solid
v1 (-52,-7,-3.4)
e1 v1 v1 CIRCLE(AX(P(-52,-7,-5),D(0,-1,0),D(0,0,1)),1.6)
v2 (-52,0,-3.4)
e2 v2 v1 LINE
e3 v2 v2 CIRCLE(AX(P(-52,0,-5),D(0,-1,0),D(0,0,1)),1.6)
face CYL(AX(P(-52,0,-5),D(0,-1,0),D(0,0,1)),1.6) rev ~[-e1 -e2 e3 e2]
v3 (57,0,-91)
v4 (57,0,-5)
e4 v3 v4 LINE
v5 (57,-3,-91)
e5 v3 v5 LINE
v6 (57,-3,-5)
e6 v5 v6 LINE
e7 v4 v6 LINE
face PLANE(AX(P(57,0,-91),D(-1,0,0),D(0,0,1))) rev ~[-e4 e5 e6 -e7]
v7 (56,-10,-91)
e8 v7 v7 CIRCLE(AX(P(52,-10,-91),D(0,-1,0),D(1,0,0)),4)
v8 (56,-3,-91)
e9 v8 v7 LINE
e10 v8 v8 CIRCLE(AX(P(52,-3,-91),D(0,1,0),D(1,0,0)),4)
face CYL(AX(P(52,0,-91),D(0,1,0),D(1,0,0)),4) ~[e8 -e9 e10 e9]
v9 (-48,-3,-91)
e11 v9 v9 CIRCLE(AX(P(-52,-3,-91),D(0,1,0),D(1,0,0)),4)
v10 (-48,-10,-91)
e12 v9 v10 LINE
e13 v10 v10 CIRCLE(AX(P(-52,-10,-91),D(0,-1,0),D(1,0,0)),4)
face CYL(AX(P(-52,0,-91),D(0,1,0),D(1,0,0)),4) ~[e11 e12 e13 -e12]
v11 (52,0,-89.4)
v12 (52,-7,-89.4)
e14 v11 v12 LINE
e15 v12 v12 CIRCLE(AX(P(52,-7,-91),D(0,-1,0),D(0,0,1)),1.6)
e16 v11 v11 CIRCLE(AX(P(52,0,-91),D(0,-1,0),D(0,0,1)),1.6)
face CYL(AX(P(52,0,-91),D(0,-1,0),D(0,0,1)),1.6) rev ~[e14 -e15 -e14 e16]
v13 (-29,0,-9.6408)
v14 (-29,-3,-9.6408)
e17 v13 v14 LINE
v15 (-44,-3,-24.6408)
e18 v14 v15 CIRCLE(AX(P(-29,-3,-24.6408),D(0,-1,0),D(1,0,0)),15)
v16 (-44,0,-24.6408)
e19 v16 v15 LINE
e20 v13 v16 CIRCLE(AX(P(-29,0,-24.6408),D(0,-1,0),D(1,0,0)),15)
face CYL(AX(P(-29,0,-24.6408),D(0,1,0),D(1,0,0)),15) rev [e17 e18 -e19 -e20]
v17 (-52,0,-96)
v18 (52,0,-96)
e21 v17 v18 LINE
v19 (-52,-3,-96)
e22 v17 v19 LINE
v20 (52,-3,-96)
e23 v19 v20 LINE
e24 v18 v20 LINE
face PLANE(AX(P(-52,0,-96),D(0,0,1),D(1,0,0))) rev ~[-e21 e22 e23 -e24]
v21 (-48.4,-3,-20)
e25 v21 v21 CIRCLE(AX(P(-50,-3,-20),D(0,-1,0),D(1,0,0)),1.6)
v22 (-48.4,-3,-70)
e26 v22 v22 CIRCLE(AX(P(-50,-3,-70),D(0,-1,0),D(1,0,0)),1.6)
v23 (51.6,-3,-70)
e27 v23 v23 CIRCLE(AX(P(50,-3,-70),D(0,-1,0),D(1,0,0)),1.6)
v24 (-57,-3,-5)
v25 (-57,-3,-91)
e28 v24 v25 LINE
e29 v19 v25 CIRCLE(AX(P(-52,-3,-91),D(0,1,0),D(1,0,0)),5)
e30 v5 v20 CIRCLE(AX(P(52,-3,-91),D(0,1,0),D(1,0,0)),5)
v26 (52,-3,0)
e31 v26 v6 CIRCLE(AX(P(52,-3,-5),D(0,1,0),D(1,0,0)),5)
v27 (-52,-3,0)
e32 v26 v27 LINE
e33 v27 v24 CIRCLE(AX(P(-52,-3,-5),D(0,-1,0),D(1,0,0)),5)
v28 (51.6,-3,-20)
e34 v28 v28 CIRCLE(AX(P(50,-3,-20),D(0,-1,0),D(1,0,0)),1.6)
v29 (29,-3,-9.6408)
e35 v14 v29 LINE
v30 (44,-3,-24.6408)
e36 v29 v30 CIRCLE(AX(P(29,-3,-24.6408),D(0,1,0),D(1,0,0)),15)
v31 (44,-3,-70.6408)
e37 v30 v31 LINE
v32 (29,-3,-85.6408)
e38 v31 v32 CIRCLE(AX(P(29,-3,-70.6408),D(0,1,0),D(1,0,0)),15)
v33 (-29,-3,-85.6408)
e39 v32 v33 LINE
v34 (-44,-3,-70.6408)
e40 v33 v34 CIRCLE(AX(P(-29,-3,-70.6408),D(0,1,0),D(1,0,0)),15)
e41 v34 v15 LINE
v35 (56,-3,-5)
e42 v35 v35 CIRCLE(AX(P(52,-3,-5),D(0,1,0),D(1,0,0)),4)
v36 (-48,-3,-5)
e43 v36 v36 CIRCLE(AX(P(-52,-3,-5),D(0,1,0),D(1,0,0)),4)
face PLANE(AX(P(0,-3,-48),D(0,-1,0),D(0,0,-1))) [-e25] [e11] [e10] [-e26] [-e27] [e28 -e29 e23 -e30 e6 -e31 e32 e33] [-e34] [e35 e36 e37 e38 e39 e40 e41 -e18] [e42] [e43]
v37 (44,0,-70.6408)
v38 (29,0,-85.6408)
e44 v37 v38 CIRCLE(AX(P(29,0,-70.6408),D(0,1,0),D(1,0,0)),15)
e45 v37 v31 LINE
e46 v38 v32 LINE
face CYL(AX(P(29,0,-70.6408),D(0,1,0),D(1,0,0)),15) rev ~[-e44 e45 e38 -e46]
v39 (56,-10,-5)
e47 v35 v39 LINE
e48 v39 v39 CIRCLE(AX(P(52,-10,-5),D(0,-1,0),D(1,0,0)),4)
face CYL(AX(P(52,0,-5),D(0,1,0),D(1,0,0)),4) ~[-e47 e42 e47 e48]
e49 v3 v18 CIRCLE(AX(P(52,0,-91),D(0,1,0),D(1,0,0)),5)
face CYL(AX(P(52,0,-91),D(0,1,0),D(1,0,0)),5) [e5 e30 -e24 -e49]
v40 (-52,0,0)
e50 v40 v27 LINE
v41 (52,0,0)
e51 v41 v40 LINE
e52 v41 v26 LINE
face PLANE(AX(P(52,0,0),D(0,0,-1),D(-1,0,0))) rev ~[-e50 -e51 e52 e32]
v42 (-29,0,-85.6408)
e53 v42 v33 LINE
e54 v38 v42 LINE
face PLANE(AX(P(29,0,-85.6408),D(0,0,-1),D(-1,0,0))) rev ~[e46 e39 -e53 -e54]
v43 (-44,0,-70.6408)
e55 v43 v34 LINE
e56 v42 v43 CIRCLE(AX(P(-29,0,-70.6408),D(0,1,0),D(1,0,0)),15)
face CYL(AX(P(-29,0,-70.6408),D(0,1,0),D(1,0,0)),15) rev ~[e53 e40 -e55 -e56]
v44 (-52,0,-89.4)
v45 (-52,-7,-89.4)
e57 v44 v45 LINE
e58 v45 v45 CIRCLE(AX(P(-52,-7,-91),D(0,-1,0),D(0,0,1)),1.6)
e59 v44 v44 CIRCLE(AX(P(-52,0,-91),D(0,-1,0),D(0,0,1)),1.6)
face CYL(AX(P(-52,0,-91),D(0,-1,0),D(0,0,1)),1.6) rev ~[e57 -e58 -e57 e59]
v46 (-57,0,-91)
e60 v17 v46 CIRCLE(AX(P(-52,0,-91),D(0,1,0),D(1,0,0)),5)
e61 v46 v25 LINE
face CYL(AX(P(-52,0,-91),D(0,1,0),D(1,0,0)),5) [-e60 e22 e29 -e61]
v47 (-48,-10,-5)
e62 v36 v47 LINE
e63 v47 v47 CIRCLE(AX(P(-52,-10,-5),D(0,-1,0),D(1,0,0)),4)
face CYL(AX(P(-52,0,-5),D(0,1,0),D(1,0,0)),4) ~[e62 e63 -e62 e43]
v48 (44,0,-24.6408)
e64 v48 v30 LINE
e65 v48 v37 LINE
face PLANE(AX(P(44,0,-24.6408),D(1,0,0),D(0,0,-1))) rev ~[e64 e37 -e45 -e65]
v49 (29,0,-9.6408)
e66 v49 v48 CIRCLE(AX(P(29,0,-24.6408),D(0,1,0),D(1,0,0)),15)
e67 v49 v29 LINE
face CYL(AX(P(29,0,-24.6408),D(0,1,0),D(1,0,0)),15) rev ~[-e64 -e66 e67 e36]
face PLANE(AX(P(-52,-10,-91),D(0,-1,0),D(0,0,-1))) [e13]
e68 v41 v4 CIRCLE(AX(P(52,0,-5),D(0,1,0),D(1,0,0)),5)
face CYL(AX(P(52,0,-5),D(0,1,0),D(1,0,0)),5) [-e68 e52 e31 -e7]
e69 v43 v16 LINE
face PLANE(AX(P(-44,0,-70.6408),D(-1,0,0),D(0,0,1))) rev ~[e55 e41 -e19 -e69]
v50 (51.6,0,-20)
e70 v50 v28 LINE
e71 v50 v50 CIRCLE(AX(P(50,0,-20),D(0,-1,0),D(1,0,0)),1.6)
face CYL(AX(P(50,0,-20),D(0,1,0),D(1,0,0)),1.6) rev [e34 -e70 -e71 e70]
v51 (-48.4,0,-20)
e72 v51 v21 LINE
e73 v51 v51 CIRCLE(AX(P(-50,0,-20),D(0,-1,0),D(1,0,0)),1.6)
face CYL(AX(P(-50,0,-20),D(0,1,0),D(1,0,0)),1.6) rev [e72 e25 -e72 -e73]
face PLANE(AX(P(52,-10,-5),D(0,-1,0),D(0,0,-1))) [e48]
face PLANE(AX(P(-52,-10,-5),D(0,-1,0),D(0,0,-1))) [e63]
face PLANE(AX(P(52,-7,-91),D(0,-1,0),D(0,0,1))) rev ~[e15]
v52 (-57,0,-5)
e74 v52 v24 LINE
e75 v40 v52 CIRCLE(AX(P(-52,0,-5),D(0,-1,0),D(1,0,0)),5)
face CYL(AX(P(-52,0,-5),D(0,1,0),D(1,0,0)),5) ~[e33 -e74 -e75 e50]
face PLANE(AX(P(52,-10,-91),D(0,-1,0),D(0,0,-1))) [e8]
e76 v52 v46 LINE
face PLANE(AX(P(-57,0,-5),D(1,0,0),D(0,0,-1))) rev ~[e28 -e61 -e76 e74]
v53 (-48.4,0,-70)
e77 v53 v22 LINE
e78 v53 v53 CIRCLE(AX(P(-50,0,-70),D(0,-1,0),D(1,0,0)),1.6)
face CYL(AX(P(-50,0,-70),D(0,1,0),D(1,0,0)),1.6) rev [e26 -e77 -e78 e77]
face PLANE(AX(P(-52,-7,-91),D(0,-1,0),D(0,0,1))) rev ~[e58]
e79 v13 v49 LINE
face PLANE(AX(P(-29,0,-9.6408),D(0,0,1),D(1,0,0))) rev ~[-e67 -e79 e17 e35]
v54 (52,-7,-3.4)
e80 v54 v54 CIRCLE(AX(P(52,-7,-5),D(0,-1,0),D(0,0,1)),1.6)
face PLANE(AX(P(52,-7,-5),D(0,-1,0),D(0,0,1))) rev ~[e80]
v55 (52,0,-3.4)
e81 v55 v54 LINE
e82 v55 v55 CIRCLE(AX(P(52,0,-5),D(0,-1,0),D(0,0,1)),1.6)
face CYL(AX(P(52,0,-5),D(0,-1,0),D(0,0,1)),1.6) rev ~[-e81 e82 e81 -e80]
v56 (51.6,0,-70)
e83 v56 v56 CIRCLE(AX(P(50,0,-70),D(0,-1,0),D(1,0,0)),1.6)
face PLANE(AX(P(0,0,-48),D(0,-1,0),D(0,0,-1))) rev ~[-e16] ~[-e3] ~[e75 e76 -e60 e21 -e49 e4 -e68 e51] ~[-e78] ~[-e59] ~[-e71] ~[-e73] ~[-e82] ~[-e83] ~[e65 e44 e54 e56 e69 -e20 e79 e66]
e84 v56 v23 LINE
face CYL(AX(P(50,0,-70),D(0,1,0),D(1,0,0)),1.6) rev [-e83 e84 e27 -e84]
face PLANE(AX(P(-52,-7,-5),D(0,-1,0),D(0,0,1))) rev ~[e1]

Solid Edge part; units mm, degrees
sketch "Sketch1" plane through (0, 0, 0) normal (0, -1, 0) x (1, 0, 0)
  circle A0 centre (-52, -5) radius 1.6
  circle A1 centre (52, -5) radius 1.6
  circle A2 centre (52, -91) radius 1.6
  circle A3 centre (-52, -91) radius 1.6
  arc A4 (-29, -85.6408) -> (-44, -70.6408) centre (-29, -70.6408) cw
  line L0 (-44, -70.6408) -> (-44, -24.6408)
  arc A5 (-29, -9.6408) -> (-44, -24.6408) centre (-29, -24.6408) ccw
  line L1 (-29, -9.6408) -> (29, -9.6408)
  arc A6 (29, -9.6408) -> (44, -24.6408) centre (29, -24.6408) cw
  line L2 (44, -24.6408) -> (44, -70.6408)
  arc A7 (44, -70.6408) -> (29, -85.6408) centre (29, -70.6408) cw
  line L3 (29, -85.6408) -> (-29, -85.6408)
  line L4 (-57, -5) -> (-57, -91)
  arc A8 (-52, -96) -> (-57, -91) centre (-52, -91) cw
  line L5 (-52, -96) -> (52, -96)
  arc A9 (57, -91) -> (52, -96) centre (52, -91) cw
  line L6 (57, -91) -> (57, -5)
  arc A10 (52, 0) -> (57, -5) centre (52, -5) cw
  line L7 (52, 0) -> (-52, 0)
  arc A11 (-52, 0) -> (-57, -5) centre (-52, -5) ccw
  circle A12 centre (-50, -20) radius 1.6
  circle A13 centre (-50, -70) radius 1.6
  circle A14 centre (50, -20) radius 1.6
  circle A15 centre (50, -70) radius 1.6
  dimension "D1" = 86
  dimension "D2" = 5
  dimension "D3" = 104
  dimension "D4" = 5
  dimension "D5" = 5
  dimension "D6" = 5
  dimension "D7" = 5
  dimension "D8" = 5
  dimension "D9" = 15
  dimension "D10" = 15
  dimension "D11" = 15
  dimension "D12" = 15
  dimension "D13" = 88
  dimension "D14" = 76
  dimension "D15" = 10.3592
  dimension "D16" = 44
  dimension "D17" = 52
  dimension "D18" = 52
  dimension "D19" = 44
  dimension "D20" = 5
  dimension "D21" = 43
  dimension "D22" = 50
  dimension "D23" = 100
  dimension "D24" = 50
  dimension "D25" = 15
  dimension "D26" = 8
extrude "Protrusion1" add sketch "Sketch1" along normal blind 3
sketch "Sketch2" plane through (0, 0, 0) normal (0, -1, 0) x (1, 0, 0)
  circle A0 centre (52, -5) radius 4
  circle A1 centre (-52, -5) radius 4
  circle A2 centre (52, -91) radius 4
  circle A3 centre (-52, -91) radius 4
  dimension "D1" = 86
  dimension "D2" = 5
  dimension "D3" = 104
  dimension "D4" = 5
  dimension "D5" = 5
  dimension "D6" = 5
  dimension "D7" = 5
  dimension "D8" = 5
  dimension "D9" = 15
  dimension "D10" = 15
  dimension "D11" = 15
  dimension "D12" = 15
  dimension "D13" = 88
  dimension "D14" = 76
  dimension "D15" = 10.3592
  dimension "D16" = 44
  dimension "D17" = 52
  dimension "D18" = 52
  dimension "D19" = 44
  dimension "D20" = 5
  dimension "D21" = 43
  dimension "D22" = 50
  dimension "D23" = 100
  dimension "D24" = 50
  dimension "D25" = 15
  dimension "D26" = 8
extrude "ExtrudedProtrusion_2" add sketch "Sketch2" along normal blind 10
hole "Hole_5" at (52, 0, -5) direction (0, -1, 0) diameter 3.2 depth 7
hole "Hole1" at (-52, 0, -5) direction (0, -1, 0) diameter 3.2 depth 7
hole "Hole2" at (-52, 0, -91) direction (0, -1, 0) diameter 3.2 depth 7
hole "Hole3" at (52, 0, -91) direction (0, -1, 0) diameter 3.2 depth 7
properties material "ABS Plastic, medium impact"
